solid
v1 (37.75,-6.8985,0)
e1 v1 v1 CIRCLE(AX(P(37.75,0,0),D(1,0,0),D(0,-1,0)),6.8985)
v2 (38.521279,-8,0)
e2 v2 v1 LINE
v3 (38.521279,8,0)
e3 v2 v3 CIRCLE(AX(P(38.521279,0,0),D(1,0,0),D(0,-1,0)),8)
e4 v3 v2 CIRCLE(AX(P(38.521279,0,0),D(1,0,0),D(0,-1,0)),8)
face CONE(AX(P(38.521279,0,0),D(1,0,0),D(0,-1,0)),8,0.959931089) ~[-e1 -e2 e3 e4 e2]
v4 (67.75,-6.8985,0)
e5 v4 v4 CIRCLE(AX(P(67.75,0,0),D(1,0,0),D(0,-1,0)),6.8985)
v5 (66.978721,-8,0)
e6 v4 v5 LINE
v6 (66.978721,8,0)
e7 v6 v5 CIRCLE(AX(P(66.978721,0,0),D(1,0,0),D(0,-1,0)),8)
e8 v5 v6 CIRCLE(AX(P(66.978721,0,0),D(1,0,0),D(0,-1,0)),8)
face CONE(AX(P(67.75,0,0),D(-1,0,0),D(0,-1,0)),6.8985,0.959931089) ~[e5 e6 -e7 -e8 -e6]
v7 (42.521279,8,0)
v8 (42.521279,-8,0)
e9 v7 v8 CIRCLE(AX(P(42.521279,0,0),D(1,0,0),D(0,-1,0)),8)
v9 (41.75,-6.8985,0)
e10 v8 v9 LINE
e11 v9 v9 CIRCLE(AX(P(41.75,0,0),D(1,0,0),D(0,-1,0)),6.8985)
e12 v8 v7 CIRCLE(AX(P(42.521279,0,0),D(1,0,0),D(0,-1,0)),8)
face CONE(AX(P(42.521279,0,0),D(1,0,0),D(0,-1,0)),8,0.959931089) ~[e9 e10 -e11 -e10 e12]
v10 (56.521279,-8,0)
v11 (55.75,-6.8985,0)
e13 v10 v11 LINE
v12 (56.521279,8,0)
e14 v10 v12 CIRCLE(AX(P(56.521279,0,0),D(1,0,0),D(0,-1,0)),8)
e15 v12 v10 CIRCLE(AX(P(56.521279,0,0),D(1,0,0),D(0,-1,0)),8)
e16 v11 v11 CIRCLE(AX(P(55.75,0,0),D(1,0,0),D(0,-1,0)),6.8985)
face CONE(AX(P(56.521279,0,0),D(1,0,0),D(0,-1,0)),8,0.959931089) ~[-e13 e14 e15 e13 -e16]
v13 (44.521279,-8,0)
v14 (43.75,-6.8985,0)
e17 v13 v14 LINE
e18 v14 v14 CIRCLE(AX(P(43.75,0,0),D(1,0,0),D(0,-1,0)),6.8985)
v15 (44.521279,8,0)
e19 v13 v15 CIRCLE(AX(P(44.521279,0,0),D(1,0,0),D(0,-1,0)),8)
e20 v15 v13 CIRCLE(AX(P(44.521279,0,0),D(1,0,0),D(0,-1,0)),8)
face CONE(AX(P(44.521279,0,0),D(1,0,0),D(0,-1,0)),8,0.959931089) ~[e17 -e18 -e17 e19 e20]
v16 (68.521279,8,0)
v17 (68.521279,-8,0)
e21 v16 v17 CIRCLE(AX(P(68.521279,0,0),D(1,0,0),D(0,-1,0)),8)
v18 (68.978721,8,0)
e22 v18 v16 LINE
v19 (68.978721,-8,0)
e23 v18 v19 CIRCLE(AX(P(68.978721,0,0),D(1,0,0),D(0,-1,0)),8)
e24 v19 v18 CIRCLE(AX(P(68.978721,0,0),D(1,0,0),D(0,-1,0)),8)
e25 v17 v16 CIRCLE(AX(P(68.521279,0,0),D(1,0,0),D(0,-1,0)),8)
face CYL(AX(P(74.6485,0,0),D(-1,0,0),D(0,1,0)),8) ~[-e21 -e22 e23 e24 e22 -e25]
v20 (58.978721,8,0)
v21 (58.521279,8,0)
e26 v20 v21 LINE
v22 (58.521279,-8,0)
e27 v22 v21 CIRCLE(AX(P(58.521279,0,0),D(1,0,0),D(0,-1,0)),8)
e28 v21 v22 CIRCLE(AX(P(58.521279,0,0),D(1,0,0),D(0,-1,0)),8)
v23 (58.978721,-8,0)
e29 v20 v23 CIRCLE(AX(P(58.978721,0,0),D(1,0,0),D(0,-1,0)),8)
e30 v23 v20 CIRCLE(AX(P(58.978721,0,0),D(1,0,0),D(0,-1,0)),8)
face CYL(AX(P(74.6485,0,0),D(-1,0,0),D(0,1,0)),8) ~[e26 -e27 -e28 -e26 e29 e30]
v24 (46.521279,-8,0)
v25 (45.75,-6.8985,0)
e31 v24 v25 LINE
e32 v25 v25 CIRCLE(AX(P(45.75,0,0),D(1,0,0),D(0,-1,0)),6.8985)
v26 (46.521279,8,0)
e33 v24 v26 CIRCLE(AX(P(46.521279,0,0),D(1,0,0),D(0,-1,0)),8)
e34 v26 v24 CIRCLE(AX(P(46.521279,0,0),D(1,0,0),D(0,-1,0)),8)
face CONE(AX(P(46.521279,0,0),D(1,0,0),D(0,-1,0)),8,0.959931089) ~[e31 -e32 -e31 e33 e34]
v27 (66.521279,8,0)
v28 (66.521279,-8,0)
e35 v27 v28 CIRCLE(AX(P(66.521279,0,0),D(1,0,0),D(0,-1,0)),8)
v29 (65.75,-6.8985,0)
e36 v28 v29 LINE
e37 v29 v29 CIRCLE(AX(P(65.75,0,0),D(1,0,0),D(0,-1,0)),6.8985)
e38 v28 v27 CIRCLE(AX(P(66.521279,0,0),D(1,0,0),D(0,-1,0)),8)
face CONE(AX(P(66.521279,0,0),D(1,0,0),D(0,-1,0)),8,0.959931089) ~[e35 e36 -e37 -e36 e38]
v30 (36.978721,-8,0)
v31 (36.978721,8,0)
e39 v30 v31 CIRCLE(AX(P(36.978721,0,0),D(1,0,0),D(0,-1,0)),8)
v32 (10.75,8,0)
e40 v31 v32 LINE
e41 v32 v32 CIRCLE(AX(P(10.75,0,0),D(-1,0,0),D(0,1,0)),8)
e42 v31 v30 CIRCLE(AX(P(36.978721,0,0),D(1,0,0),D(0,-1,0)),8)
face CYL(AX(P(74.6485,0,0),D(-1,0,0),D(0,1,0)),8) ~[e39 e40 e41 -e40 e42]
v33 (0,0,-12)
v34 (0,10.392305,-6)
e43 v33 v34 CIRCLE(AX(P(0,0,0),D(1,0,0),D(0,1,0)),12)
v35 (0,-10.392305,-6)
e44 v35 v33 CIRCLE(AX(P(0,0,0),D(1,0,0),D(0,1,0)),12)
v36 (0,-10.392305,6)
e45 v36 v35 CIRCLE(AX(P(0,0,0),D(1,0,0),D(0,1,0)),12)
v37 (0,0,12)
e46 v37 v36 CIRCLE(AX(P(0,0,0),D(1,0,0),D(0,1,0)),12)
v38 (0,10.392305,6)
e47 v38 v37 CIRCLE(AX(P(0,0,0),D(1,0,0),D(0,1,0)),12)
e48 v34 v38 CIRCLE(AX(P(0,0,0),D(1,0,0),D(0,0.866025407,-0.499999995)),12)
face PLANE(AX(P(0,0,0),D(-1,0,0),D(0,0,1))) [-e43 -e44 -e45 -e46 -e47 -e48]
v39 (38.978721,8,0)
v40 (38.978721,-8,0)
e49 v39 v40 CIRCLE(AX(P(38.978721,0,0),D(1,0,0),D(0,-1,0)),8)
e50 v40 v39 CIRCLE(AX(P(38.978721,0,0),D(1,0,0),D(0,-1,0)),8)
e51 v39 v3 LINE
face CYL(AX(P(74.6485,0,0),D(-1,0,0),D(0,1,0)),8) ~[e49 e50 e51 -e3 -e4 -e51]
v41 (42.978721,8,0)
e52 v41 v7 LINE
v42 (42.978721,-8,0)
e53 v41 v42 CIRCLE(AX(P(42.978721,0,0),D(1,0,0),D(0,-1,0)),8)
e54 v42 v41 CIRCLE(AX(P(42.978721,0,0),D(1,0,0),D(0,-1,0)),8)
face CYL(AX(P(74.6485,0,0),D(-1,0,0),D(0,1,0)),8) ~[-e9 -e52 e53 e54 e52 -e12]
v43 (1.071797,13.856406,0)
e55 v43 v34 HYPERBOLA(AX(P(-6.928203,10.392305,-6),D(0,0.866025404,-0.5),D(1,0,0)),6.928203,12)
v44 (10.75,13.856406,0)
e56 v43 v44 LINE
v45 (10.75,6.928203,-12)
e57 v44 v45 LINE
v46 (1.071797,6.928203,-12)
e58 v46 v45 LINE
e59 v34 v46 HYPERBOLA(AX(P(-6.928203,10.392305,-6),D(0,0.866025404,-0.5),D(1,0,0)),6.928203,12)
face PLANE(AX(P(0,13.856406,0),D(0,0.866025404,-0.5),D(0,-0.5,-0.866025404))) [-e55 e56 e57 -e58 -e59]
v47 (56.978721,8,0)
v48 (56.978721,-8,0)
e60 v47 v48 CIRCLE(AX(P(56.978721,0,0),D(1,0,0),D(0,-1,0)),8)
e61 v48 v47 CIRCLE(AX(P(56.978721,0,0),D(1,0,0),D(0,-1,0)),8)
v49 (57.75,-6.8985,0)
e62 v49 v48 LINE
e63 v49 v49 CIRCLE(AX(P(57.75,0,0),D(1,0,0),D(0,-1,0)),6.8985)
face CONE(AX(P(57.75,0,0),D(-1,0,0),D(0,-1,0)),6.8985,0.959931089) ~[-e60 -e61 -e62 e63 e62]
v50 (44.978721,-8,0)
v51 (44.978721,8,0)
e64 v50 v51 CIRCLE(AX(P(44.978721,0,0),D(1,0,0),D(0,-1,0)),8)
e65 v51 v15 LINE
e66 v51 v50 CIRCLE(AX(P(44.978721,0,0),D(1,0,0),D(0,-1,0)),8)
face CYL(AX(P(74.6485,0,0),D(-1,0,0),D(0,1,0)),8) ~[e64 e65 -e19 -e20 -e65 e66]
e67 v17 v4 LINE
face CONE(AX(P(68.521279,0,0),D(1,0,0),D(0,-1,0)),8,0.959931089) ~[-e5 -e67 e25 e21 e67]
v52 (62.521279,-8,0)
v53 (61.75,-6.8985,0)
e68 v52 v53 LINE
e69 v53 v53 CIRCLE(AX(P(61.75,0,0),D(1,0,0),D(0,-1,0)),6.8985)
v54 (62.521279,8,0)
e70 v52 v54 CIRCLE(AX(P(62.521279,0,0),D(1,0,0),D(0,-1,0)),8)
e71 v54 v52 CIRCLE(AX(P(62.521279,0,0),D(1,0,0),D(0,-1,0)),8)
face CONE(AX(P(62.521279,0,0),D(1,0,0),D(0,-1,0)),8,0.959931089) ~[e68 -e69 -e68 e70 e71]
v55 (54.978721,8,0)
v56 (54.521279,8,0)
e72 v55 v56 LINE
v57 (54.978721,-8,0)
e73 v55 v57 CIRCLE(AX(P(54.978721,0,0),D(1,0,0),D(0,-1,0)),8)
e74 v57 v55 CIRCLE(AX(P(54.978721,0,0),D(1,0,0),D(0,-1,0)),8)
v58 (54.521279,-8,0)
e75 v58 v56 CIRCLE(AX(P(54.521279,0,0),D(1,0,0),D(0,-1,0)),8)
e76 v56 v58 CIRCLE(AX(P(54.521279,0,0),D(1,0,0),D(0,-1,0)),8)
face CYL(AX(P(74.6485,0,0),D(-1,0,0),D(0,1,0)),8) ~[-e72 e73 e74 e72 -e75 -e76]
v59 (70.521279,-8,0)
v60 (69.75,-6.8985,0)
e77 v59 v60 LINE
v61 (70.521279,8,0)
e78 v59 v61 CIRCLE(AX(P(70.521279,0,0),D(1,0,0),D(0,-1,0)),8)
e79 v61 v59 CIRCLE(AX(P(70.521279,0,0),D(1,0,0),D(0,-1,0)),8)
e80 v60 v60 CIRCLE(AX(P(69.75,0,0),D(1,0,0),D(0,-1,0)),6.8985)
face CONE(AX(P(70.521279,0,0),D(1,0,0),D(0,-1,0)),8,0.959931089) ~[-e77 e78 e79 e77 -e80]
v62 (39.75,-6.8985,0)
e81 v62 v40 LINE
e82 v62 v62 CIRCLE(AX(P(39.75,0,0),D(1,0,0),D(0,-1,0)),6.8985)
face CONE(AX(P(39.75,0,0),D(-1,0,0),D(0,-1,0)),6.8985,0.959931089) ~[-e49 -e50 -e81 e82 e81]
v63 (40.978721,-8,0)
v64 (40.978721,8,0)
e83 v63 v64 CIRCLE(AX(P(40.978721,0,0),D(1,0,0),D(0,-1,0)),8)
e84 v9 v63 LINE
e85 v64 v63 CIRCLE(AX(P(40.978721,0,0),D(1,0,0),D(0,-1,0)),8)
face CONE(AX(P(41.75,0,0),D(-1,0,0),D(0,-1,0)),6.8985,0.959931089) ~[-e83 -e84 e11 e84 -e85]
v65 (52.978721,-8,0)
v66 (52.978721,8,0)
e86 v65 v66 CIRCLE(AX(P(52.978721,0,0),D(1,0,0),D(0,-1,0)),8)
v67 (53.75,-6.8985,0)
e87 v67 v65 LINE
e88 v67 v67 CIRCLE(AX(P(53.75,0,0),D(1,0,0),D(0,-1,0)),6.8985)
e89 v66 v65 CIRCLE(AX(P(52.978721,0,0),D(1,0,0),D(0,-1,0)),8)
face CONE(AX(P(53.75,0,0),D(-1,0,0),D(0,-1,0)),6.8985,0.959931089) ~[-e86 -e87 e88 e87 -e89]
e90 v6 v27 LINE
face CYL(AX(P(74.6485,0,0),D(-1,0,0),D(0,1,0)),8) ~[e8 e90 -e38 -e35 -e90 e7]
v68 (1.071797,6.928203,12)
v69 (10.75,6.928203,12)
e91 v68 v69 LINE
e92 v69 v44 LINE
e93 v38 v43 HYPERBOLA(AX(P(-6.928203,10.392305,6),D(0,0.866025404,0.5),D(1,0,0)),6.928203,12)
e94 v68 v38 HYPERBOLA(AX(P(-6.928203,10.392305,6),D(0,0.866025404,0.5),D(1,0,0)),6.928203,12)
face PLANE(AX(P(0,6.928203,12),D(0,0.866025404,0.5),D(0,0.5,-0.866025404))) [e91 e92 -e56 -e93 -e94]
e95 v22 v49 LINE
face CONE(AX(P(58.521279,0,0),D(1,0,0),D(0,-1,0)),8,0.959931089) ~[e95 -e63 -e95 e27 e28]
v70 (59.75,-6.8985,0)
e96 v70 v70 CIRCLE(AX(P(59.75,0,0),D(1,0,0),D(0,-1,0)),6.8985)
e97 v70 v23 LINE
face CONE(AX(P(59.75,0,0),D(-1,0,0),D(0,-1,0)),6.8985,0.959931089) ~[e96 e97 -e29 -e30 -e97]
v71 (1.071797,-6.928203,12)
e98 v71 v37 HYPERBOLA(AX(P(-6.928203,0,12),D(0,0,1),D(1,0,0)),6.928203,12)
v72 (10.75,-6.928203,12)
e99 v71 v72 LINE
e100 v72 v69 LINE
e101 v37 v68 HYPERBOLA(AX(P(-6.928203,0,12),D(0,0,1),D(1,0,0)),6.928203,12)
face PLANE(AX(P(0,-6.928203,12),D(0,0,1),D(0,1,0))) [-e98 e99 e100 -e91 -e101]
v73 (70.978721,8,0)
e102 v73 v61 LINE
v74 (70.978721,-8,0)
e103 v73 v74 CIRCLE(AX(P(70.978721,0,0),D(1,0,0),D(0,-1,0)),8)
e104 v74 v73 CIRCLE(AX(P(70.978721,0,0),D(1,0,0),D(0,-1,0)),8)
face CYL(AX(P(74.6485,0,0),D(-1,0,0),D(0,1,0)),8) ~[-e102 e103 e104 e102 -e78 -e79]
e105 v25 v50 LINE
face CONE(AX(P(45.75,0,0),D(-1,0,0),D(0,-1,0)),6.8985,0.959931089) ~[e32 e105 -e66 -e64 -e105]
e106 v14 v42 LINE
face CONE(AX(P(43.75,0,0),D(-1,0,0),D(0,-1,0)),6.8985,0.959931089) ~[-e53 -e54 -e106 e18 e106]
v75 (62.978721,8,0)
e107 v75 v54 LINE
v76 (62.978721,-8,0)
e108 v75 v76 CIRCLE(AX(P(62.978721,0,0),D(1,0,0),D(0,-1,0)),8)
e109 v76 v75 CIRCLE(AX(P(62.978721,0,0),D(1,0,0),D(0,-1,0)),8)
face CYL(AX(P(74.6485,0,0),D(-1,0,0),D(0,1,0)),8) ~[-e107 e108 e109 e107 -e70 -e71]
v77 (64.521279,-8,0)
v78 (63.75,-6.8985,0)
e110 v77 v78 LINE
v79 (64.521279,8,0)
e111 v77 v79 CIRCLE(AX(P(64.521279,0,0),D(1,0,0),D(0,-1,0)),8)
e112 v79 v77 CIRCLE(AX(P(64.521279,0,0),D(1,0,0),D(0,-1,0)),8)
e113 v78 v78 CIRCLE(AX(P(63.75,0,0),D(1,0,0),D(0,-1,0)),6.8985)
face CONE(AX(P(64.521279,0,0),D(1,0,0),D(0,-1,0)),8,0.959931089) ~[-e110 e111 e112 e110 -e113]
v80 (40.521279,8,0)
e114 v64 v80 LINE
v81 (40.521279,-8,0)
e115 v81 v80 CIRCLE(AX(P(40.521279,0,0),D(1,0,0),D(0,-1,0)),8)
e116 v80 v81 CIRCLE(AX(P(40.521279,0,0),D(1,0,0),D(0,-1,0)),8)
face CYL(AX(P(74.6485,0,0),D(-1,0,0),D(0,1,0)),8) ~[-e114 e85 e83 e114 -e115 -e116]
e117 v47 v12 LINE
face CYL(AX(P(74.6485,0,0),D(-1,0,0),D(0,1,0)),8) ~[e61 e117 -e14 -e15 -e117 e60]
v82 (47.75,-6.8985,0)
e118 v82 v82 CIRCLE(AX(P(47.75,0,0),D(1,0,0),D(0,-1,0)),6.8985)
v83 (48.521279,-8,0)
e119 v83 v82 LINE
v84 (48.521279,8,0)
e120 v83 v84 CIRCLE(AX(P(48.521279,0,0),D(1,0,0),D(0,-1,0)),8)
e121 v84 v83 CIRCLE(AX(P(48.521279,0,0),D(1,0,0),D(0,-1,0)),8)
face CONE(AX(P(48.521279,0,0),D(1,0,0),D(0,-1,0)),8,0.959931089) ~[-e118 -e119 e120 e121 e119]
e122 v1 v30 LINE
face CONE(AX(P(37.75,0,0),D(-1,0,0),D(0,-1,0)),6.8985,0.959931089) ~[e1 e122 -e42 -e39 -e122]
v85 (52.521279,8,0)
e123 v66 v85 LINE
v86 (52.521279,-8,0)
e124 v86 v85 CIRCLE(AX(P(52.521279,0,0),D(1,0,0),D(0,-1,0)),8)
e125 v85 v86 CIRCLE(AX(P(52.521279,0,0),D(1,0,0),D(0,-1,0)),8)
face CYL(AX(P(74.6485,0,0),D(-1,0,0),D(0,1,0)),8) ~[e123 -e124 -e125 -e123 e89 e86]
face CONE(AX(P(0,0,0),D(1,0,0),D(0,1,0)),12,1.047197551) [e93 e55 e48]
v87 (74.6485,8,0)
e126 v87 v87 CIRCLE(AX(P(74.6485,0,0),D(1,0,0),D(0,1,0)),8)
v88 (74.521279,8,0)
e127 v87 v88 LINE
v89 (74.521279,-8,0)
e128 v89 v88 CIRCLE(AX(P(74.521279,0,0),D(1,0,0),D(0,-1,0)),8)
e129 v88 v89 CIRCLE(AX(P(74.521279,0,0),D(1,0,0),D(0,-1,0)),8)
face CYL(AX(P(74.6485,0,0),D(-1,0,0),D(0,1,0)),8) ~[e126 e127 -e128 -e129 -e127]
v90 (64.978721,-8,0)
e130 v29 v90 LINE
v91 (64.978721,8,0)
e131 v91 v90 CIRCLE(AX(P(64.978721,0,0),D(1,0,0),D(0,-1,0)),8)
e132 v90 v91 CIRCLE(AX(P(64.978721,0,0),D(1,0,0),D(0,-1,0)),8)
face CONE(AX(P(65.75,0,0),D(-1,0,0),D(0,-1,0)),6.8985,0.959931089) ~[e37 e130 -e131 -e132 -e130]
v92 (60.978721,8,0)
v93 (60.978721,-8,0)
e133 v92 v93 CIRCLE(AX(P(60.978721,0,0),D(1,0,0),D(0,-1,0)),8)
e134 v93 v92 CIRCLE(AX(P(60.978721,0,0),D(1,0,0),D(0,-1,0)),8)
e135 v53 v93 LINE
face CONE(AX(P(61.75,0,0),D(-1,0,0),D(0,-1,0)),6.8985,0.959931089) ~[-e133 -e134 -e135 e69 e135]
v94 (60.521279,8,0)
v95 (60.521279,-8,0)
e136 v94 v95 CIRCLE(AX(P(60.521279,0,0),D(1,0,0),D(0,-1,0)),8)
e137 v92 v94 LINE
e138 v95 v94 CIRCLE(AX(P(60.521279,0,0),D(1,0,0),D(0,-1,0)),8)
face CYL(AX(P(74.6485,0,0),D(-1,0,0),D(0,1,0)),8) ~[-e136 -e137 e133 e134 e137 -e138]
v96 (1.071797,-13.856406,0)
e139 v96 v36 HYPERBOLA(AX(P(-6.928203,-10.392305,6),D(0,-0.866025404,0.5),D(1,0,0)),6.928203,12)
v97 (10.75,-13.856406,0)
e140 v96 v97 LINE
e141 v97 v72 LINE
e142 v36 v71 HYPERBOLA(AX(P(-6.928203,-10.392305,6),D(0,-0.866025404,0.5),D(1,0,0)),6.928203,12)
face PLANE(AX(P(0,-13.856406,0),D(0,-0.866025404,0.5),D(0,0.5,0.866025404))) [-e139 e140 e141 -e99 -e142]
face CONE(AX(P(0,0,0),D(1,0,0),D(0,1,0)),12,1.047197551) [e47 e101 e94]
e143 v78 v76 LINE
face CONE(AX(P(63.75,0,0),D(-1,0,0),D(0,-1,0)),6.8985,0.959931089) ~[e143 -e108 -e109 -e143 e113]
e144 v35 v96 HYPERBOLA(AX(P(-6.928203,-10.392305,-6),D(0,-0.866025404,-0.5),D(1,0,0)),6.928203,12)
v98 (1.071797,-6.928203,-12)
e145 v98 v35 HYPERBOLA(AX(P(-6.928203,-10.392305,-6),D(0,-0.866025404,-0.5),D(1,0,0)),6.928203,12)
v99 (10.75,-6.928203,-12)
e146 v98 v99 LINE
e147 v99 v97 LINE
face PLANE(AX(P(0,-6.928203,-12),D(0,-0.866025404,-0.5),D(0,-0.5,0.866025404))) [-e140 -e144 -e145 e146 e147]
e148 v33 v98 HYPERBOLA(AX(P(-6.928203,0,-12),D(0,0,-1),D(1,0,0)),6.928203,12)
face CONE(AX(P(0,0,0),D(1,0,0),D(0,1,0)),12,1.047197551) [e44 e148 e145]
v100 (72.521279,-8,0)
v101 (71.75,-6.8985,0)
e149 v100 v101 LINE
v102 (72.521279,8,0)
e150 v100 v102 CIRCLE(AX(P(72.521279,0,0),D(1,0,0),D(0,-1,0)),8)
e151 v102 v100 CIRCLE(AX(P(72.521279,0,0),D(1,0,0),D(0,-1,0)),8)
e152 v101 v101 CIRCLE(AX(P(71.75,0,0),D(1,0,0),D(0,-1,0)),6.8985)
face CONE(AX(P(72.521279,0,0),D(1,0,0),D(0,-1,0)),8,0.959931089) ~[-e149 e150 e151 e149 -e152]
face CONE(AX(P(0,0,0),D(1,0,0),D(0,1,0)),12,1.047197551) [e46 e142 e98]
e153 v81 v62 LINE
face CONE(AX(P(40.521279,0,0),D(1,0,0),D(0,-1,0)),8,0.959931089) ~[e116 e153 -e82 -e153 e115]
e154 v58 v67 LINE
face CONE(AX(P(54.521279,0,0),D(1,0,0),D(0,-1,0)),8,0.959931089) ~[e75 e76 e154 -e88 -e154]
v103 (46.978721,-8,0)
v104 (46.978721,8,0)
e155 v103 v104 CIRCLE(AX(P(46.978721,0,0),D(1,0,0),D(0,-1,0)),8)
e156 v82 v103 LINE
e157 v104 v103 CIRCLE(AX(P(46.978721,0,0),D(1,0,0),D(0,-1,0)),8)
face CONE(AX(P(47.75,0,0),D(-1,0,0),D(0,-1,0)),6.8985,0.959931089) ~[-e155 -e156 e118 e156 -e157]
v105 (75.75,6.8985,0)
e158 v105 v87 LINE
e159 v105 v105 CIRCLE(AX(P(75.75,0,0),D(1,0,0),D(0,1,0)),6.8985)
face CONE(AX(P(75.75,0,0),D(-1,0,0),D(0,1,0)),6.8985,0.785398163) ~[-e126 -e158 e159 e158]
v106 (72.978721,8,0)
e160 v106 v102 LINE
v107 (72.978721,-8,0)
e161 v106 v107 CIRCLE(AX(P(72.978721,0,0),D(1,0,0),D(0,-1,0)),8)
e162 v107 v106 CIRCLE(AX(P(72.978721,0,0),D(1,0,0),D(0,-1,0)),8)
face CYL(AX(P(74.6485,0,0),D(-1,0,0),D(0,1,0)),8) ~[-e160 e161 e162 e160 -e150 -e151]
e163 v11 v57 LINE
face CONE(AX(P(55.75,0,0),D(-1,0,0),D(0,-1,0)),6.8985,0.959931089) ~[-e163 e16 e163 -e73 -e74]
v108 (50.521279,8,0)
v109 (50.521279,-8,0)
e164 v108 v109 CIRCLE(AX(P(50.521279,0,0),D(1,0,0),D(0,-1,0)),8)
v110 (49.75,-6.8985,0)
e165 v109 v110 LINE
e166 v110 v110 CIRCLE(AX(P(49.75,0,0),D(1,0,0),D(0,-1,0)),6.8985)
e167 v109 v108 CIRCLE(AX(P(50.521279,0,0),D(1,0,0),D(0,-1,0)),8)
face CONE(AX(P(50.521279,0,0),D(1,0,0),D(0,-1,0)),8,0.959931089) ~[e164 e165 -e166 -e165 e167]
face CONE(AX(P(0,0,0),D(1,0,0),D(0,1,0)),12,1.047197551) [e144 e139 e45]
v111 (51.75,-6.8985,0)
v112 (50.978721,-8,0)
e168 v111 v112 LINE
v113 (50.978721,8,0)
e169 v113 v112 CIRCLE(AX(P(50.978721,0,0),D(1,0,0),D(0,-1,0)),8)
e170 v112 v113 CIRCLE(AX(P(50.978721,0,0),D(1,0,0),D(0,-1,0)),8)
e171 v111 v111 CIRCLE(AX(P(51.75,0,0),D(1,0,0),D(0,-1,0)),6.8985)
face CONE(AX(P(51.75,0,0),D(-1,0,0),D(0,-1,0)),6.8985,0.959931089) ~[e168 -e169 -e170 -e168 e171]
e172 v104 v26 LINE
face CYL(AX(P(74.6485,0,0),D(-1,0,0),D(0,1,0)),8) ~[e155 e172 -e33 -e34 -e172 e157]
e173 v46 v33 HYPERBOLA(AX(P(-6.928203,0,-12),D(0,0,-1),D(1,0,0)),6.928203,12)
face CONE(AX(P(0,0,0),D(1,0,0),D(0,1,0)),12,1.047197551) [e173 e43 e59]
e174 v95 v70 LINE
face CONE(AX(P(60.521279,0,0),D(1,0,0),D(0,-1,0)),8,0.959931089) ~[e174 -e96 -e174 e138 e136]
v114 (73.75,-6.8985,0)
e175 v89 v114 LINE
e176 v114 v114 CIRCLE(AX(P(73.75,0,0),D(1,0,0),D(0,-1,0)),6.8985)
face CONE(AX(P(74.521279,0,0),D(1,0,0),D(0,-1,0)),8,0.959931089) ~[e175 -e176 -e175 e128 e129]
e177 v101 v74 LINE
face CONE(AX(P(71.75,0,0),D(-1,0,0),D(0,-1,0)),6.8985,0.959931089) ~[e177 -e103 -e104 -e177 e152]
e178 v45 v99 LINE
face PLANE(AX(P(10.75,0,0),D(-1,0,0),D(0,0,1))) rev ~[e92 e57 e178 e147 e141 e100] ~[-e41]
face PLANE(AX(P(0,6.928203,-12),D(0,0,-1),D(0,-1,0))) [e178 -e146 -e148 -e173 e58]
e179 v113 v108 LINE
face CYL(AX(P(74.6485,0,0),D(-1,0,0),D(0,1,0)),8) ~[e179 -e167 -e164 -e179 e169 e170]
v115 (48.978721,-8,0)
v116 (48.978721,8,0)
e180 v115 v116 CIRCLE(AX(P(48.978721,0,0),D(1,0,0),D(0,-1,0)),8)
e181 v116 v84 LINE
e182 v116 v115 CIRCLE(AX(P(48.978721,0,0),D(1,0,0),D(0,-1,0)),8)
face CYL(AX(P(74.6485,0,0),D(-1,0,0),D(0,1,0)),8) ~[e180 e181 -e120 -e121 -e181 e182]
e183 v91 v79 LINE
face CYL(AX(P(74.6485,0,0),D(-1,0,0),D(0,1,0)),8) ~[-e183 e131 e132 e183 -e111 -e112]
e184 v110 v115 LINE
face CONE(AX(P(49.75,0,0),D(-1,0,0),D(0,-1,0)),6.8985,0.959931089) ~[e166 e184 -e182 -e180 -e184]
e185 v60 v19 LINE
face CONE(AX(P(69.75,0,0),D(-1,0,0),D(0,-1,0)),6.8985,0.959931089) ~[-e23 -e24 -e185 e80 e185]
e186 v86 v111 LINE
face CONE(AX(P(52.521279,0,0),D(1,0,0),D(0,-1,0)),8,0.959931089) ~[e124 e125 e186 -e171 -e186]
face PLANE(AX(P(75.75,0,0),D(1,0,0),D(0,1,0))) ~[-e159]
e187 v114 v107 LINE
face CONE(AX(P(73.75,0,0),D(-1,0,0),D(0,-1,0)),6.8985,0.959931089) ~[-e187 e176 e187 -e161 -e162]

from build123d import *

# Parameters (mm, degrees)
BASEHEAD_DEPTH  = 10.75
THDSCHPAT_COUNT = 19
THDSCHPAT_PITCH = 2


with BuildPart() as part:
    # Sketch1 → BaseHead (new body)
    with BuildSketch(Plane(origin=(0, 0, 0), x_dir=(0, 0, -1), z_dir=(1, 0, 0))):
        Polygon((12, 6.92820323), (12, -6.92820323), (0, -13.856406461), (-12, -6.92820323), (-12, 6.92820323), (0, 13.856406461), align=None)
    extrude(amount=BASEHEAD_DEPTH)

    # BodySke → BaseBody (revolve)
    with BuildSketch(Plane.XY):
        Polygon((0, 0), (75.75, 0), (75.75, 6.8985), (74.6485, 8), (0, 8), align=None)
    revolve(axis=Axis((0, 0, 0), (1, 0, 0)))

    # Sketch3 → HeadChamfer (revolve, cut)
    with BuildSketch(Plane.XY):
        Polygon((0, 12), (3.958548116, 18.856406461), (3.958548116, 23.856406461), (-10, 23.856406461), (-10, 12), align=None)
    revolve(axis=Axis((0, 0, 0), (1, 0, 0)), mode=Mode.SUBTRACT)

    # ThdSchSke → ThreadSchematic (revolve, cut)
    with BuildSketch(Plane.XY):
        Polygon((37.75, -6.8985), (36.978721397, -8), (36.978721397, -10), (38.521278603, -10), (38.521278603, -8), align=None)
    threadschematic = revolve(axis=Axis((-3.175, 0, 0), (1, 0, 0)), mode=Mode.SUBTRACT)

    # ThdSchPat: ThreadSchematic ×19
    with Locations(*[(i * THDSCHPAT_PITCH, 0, 0) for i in range(1, THDSCHPAT_COUNT)]):
        add(threadschematic, mode=Mode.SUBTRACT)


solid = part.part
